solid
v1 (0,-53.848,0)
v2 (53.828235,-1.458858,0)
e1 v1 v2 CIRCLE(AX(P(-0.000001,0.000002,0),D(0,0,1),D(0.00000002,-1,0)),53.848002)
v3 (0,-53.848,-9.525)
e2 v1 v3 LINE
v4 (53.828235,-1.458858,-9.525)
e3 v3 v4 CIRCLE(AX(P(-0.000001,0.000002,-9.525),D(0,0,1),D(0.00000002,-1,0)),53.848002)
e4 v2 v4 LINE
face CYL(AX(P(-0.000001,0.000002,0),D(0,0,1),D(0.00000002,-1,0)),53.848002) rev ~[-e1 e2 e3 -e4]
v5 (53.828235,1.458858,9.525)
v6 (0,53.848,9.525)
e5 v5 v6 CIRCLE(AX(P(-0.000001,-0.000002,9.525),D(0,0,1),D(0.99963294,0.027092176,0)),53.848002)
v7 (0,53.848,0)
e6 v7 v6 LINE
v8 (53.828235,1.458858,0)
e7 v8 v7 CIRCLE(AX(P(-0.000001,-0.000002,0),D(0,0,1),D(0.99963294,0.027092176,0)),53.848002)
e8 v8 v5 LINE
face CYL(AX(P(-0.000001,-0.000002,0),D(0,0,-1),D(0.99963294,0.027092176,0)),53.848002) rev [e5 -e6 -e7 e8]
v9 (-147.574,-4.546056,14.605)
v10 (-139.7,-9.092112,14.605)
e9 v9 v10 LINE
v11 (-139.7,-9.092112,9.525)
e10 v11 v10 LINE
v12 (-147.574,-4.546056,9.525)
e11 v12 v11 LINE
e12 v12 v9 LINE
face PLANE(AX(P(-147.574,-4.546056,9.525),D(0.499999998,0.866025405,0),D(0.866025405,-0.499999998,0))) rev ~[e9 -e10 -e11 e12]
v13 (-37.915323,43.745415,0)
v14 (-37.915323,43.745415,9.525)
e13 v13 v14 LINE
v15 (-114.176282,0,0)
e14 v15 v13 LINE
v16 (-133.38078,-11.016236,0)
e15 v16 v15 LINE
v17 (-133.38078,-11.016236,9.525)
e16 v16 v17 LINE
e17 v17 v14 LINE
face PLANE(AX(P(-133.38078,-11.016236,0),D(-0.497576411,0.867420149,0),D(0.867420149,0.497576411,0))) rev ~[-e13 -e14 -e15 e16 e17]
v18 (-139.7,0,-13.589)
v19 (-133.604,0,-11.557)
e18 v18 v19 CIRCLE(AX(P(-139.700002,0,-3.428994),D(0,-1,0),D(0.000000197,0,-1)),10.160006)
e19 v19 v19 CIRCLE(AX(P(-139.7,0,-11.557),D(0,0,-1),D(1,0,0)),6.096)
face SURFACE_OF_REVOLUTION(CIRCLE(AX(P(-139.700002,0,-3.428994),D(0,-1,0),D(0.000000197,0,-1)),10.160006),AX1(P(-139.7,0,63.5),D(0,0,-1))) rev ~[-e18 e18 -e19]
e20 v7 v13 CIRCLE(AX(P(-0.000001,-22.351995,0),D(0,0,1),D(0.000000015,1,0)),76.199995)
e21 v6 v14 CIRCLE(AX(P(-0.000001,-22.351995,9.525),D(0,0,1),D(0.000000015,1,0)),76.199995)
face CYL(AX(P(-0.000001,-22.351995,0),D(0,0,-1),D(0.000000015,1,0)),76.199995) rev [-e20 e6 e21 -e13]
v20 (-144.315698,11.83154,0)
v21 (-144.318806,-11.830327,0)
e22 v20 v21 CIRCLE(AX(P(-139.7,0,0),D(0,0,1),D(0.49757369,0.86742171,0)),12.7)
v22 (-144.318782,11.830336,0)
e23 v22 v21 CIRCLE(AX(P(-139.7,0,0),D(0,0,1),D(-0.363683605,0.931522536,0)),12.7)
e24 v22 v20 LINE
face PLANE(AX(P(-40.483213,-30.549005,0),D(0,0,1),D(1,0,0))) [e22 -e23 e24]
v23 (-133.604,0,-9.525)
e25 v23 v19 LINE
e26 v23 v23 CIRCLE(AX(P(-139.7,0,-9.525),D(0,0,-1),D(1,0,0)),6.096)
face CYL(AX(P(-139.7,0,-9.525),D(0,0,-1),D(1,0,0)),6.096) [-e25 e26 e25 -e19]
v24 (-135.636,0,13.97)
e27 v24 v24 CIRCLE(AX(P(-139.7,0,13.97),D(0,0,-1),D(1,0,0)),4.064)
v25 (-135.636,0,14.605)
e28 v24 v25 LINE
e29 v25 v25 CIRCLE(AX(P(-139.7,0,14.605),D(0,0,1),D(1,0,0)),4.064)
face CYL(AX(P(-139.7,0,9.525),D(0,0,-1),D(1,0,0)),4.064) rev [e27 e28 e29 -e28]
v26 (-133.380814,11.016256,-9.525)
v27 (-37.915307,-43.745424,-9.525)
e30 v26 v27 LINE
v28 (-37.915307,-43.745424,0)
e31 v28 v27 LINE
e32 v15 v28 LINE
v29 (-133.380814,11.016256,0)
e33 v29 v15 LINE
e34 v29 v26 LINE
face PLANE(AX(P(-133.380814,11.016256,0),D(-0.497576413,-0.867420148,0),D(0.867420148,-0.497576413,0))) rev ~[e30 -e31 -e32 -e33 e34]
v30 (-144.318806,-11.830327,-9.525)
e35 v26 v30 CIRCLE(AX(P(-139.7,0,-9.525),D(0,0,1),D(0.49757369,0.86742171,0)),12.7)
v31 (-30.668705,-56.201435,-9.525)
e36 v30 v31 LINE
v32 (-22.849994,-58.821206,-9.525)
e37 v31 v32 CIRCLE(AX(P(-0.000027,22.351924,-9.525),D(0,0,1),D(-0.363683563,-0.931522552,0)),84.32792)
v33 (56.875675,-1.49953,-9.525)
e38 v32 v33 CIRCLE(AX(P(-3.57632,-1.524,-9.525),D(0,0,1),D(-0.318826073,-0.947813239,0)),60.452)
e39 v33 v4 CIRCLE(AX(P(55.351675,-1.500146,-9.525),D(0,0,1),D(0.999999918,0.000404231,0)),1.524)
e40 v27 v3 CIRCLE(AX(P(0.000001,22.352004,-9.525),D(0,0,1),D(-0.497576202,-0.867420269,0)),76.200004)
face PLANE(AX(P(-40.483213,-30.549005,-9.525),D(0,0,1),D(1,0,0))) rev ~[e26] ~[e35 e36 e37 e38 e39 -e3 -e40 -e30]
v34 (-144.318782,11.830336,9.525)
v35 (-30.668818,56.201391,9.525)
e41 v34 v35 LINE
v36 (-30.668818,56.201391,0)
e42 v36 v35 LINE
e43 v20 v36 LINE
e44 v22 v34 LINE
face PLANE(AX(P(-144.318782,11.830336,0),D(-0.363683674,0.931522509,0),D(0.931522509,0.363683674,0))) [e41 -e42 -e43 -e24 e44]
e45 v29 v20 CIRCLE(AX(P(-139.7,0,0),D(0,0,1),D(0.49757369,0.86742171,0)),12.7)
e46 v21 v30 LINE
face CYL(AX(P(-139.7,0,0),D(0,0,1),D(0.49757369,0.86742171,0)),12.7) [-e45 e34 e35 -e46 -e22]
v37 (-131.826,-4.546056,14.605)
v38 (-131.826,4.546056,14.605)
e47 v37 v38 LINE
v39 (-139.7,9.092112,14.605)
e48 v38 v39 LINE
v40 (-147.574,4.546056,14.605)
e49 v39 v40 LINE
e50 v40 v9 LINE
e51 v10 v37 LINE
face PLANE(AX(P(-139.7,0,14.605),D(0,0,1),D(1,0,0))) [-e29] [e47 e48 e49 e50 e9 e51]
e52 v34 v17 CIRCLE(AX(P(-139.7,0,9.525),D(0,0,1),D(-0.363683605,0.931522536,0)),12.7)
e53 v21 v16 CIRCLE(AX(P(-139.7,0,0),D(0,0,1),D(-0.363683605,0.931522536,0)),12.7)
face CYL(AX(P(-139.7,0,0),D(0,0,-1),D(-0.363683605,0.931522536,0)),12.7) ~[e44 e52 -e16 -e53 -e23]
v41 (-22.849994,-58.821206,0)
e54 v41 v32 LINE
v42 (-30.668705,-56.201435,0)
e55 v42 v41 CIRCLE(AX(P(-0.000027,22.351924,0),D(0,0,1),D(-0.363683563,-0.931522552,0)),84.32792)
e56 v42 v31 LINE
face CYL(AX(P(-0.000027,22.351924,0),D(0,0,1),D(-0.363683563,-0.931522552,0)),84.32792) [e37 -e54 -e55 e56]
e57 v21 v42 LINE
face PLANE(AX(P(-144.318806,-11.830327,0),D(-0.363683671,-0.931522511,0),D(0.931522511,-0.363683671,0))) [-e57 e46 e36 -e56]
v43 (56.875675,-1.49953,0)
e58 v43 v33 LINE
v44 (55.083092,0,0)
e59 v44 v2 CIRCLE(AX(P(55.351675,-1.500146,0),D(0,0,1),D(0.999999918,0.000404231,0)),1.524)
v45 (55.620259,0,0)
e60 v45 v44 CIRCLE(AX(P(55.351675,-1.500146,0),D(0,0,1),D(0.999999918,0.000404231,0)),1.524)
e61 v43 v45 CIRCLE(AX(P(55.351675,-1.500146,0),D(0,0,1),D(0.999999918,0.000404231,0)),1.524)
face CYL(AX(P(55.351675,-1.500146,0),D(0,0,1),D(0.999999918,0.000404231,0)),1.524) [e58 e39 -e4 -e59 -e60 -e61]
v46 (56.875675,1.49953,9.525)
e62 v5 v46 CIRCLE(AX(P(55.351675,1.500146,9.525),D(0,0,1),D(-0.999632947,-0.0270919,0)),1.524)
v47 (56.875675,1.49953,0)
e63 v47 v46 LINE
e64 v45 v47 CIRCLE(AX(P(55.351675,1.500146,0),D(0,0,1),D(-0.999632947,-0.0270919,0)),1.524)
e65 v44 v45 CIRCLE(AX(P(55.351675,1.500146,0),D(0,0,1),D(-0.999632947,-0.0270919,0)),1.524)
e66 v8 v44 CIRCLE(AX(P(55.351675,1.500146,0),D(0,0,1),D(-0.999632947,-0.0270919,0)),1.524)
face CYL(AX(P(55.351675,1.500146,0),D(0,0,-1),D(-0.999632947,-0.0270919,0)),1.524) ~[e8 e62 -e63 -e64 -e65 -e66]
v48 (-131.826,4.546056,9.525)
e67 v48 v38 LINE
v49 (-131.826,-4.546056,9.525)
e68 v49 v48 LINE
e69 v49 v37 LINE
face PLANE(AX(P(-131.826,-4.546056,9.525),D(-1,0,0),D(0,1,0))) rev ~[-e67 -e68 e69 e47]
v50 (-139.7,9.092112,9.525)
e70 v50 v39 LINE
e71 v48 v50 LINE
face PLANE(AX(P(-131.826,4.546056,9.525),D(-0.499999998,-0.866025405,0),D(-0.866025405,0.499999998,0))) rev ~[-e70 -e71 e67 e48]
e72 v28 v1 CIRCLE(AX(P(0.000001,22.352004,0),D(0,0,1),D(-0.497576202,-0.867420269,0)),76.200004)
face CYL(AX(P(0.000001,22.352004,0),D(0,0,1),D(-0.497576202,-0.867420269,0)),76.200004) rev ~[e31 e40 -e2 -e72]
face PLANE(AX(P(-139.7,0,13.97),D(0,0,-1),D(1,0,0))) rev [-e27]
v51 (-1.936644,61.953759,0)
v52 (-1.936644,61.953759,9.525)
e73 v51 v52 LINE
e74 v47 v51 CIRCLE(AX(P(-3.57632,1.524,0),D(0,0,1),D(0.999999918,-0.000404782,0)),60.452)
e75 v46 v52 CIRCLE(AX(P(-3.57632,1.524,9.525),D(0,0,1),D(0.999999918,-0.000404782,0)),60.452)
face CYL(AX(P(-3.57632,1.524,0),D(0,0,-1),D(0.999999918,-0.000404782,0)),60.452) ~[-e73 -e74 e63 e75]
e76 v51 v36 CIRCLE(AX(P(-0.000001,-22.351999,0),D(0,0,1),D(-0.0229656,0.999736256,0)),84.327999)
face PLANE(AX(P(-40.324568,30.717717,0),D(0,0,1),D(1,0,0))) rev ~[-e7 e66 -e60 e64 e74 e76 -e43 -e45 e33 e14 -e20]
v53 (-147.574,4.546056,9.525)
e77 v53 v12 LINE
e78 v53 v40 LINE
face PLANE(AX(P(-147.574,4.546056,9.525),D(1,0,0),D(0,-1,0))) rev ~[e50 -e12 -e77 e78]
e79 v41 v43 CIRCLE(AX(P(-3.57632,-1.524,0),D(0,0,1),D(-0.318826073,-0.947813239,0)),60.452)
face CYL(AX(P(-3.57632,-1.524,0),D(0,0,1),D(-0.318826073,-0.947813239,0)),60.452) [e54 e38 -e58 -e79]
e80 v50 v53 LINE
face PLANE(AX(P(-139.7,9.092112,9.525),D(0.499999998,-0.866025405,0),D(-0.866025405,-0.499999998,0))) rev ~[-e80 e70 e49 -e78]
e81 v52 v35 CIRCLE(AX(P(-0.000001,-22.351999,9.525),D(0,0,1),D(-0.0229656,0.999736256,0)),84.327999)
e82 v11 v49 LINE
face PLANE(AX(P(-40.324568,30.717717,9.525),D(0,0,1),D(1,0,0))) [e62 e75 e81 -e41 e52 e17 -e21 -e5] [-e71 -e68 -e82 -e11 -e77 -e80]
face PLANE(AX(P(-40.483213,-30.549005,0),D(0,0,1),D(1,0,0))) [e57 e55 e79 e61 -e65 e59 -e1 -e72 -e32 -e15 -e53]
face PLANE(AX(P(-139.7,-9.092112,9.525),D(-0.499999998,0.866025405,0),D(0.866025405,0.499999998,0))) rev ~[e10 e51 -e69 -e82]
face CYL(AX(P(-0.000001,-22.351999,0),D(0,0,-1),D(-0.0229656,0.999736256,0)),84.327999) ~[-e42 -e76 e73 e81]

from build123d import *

# Parameters (mm, degrees)
SKETCH_R     = 4.064
PAD_DEPTH    = 9.525
SKETCH001_R  = 4.064
PAD001_DEPTH = 9.525
SKETCH003_R  = 4.064
PAD002_DEPTH = 5.08


with BuildPart() as part:
    # Sketch → Pad (new body)
    with BuildSketch(Plane.XY):
        with BuildLine():
            ThreePointArc((-144.318782, 11.830336), (-151.154883, -5.484128), (-133.38078, -11.016236))
            Line((-133.38078, -11.016236), (-37.915323, 43.745415))
            ThreePointArc((0, 53.848), (-19.619085, 51.27905), (-37.915323, 43.745415))
            ThreePointArc((53.828235, 1.458858), (37.55696, 38.588623), (0, 53.848))
            ThreePointArc((53.828235, 1.458858), (55.372013, -0.023718), (56.875675, 1.49953))
            ThreePointArc((56.875675, 1.49953), (39.754066, 43.677552), (-1.936644, 61.953759))
            ThreePointArc((-1.936644, 61.953759), (-16.5545, 60.335122), (-30.668818, 56.201391))
            Line((-144.318782, 11.830336), (-30.668818, 56.201391))
        make_face()
        with Locations((-139.7, 0)):
            Circle(SKETCH_R, mode=Mode.SUBTRACT)
    extrude(amount=PAD_DEPTH)

    # Sketch001 → Pad001 (join)
    with BuildSketch(Plane.XY):
        with BuildLine():
            ThreePointArc((-133.380814, 11.016256), (-151.154886, 5.484122), (-144.318806, -11.830327))
            Line((-144.318806, -11.830327), (-30.668705, -56.201435))
            ThreePointArc((-30.668705, -56.201435), (-26.79139, -57.606946), (-22.849994, -58.821206))
            ThreePointArc((-22.849994, -58.821206), (31.713299, -50.606452), (56.875675, -1.49953))
            ThreePointArc((56.875675, -1.49953), (55.372013, 0.023718), (53.828235, -1.458858))
            ThreePointArc((0, -53.848), (37.55696, -38.588623), (53.828235, -1.458858))
            ThreePointArc((-37.915307, -43.745424), (-19.619076, -51.279052), (0, -53.848))
            Line((-133.380814, 11.016256), (-37.915307, -43.745424))
        make_face()
        with Locations((-139.7, 0)):
            Circle(SKETCH001_R, mode=Mode.SUBTRACT)
    extrude(amount=-PAD001_DEPTH)

    # Sketch002 → Revolution (revolve)
    with BuildSketch(Plane.XZ):
        with BuildLine():
            ThreePointArc((-139.7, -13.589), (-136.487126, -13.067622), (-133.604, -11.557))
            Line((-133.604, -9.525), (-133.604, -11.557))
            Line((-135.636, -9.525), (-133.604, -9.525))
            Line((-135.636, 13.97), (-135.636, -9.525))
            Line((-139.7, 13.97), (-135.636, 13.97))
            Line((-139.7, -13.589), (-139.7, 13.97))
        make_face()
    revolve(axis=Axis((-139.7, 0, 63.5), (0, 0, -1)))

    # Sketch003 (on DatumPlane) → Pad002 (join)
    with BuildSketch(Plane.XY.offset(9.525)):
        Polygon((-131.826, 4.546056), (-139.7, 9.092112), (-147.574, 4.546056), (-147.574, -4.546056), (-139.7, -9.092112), (-131.826, -4.546056), align=None)
        with Locations((-139.7, 0)):
            Circle(SKETCH003_R, mode=Mode.SUBTRACT)
    extrude(amount=PAD002_DEPTH)


solid = part.part
